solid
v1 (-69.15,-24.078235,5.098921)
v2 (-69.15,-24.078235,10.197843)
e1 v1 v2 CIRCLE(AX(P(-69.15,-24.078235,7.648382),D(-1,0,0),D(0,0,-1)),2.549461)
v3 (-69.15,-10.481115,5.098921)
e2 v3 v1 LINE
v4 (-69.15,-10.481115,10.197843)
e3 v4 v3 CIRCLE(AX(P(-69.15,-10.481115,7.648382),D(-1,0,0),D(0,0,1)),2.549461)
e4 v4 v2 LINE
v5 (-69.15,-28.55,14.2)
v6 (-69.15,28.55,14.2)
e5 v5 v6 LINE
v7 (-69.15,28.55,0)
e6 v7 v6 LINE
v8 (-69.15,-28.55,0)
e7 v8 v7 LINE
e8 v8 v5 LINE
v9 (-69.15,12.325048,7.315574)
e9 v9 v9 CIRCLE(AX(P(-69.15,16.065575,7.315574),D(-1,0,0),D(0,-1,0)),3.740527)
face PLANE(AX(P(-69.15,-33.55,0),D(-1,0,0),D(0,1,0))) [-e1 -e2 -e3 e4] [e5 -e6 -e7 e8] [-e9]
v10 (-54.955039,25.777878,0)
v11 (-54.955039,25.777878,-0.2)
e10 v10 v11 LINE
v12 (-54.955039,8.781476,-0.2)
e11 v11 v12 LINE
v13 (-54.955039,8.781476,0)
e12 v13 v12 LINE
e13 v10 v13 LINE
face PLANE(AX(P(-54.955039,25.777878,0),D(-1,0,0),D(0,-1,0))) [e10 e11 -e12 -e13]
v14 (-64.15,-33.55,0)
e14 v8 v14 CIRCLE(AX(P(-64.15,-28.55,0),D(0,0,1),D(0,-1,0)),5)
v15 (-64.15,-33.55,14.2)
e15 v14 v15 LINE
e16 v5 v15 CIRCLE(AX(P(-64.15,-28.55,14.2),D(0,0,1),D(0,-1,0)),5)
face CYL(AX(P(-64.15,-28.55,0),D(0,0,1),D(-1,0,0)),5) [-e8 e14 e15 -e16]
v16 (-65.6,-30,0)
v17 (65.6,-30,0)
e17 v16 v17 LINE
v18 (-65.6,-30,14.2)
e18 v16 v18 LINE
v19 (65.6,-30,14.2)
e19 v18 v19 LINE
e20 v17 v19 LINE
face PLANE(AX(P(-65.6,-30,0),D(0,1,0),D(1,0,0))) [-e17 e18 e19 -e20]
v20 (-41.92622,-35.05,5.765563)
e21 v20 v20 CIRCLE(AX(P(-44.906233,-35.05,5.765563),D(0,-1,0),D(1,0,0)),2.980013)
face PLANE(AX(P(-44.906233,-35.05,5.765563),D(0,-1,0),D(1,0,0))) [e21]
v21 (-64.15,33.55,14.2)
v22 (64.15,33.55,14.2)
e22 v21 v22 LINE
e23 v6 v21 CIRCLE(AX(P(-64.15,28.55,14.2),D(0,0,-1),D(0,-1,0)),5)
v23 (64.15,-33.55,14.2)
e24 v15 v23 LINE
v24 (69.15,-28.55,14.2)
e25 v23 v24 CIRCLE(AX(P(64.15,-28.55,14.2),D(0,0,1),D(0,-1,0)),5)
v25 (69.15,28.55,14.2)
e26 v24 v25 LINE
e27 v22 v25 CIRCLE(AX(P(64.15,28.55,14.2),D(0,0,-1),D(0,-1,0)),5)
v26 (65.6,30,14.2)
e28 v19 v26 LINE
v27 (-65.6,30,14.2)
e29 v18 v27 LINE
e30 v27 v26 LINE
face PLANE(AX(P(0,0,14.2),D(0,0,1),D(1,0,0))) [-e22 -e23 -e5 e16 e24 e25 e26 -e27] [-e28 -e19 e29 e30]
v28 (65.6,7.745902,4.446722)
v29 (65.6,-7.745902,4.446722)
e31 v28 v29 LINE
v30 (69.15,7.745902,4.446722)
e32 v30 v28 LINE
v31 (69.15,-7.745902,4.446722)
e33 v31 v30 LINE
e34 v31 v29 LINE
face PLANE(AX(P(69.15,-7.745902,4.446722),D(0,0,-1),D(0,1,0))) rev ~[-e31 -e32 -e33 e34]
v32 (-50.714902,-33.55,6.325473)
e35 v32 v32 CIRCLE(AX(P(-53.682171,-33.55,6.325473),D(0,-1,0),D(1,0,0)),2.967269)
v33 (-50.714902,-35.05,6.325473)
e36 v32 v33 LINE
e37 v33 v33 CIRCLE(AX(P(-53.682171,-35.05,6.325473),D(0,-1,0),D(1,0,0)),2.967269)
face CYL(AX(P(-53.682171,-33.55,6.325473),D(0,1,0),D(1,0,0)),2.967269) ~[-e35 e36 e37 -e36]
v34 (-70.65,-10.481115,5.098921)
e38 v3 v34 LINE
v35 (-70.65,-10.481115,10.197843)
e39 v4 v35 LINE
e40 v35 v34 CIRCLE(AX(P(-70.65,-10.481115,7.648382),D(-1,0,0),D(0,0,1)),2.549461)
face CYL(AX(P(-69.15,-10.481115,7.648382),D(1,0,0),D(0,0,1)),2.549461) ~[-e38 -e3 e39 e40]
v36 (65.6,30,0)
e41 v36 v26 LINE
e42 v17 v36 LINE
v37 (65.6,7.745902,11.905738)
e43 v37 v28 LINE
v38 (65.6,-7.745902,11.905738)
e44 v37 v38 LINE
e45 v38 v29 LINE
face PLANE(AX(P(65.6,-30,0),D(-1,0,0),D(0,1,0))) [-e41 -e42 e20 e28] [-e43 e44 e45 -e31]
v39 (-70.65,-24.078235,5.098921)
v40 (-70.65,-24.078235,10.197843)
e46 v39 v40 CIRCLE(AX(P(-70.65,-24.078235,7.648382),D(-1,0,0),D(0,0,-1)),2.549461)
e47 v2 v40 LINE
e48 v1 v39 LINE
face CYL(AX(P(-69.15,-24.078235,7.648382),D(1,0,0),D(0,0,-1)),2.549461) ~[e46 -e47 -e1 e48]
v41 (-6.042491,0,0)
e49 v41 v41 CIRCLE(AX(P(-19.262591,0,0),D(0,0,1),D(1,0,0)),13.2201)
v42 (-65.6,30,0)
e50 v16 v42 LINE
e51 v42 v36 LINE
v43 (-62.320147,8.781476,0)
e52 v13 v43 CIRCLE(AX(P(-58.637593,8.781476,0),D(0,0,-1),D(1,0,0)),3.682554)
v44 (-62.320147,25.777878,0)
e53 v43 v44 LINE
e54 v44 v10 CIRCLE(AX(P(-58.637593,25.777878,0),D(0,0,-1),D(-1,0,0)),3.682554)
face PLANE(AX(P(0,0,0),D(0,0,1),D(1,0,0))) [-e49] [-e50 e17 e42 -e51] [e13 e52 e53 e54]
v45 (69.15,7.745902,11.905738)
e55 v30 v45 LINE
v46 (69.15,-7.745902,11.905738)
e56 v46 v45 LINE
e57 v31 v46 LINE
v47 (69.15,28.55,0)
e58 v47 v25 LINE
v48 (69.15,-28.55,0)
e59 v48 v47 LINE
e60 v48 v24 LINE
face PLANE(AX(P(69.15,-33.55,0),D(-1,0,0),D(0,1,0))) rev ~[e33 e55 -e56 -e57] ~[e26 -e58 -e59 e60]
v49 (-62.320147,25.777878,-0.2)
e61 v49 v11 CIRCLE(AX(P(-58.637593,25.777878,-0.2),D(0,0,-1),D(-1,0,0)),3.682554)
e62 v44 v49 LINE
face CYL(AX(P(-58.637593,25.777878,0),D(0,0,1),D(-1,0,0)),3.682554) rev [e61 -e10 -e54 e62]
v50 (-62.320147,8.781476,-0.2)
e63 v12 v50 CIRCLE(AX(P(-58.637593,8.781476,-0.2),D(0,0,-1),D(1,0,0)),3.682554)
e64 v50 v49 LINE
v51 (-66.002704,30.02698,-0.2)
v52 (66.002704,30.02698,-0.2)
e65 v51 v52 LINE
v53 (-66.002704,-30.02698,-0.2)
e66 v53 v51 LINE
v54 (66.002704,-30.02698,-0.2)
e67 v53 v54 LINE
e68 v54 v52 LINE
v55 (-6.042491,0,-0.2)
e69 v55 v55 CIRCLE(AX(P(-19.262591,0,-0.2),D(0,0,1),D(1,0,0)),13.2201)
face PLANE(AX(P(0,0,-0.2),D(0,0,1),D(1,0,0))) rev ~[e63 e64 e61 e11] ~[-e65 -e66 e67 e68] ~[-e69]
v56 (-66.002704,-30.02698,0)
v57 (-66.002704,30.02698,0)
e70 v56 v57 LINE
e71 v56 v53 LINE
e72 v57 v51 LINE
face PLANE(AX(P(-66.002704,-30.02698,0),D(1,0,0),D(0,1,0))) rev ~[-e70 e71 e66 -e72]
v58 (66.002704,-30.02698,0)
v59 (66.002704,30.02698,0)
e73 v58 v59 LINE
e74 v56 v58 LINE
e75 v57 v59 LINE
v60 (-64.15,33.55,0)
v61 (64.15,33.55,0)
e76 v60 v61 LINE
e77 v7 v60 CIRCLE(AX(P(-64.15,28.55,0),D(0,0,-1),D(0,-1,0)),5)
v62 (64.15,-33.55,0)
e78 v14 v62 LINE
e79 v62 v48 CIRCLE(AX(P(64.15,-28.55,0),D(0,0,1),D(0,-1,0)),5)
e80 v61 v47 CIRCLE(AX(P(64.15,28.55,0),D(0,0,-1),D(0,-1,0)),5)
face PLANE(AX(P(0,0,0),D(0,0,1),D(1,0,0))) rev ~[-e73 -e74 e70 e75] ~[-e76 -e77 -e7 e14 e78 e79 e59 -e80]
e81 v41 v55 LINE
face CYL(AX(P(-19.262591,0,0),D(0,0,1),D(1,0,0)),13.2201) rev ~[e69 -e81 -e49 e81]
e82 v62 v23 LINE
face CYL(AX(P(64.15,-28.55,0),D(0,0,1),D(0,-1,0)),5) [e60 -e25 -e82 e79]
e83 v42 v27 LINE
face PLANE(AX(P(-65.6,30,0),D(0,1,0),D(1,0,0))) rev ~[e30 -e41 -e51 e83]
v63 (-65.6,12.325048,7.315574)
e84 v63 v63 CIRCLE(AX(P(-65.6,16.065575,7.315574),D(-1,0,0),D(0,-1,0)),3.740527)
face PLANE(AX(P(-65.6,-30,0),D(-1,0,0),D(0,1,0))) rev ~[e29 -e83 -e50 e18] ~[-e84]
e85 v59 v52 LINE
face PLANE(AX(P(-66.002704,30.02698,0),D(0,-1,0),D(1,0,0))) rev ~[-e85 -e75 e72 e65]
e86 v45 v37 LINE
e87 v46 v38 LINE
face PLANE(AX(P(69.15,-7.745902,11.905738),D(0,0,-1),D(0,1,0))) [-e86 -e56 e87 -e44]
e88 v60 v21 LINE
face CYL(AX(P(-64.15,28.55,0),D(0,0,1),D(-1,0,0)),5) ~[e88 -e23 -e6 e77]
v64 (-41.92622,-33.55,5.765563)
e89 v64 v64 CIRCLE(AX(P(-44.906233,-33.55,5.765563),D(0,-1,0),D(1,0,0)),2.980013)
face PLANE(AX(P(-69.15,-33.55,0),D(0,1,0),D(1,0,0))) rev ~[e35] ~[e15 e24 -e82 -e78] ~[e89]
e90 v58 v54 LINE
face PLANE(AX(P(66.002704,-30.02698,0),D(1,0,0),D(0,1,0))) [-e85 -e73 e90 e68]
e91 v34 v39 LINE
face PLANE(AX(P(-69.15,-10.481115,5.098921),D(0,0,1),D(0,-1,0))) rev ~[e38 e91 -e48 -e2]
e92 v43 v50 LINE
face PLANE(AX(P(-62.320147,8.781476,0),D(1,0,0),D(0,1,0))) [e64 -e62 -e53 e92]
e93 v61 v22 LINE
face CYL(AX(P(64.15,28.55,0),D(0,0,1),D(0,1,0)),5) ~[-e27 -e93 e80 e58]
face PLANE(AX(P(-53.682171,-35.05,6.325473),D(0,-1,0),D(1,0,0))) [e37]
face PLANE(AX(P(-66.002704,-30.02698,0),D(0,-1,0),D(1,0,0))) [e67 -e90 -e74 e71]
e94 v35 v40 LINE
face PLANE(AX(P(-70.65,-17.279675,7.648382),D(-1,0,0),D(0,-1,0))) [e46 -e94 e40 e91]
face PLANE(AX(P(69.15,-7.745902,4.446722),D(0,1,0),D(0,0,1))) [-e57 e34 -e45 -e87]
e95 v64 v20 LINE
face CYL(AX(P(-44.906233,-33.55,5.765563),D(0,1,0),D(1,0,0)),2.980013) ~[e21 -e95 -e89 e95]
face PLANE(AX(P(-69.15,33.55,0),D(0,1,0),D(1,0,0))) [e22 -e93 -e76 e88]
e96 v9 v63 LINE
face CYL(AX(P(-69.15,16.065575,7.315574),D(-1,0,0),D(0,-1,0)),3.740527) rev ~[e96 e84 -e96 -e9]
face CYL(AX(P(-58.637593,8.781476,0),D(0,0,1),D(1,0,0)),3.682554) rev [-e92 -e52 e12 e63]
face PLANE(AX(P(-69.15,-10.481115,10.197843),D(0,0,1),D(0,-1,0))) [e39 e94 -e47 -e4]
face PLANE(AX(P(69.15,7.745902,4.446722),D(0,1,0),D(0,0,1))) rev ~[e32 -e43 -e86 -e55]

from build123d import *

# Parameters (mm, degrees)
F0_W      = 138.3
F0_H      = 67.1
F0_W_2    = 131.2
F0_H_2    = 60
F1_DEPTH  = 14.2
F2_R      = 5
F3_W      = 132.005408
F3_H      = 60.05396
F3_R      = 13.2201
F4_DEPTH  = 0.2
F5_R      = 2.967269
F5_R_2    = 2.980013
F6_DEPTH  = 1.5
F7_W      = 13.59712
F7_H      = 5.098922
F8_DEPTH  = 1.5
F9_R      = 3.740527
F10_DEPTH = 24
F11_W     = 15.491804
F11_H     = 7.459016
F12_DEPTH = 25


with BuildPart() as f1:
    # F0 (on Top) → F1 (new body)
    with BuildSketch(Plane.XY):
        Rectangle(F0_W, F0_H)
        Rectangle(F0_W_2, F0_H_2, mode=Mode.SUBTRACT)
    extrude(amount=F1_DEPTH)

    # F2
    f2_edges = [f1.edges().sort_by_distance(p)[0] for p in [
        (69.15, 33.55, 7.1),
        (69.15, -33.55, 7.1),
        (-69.15, -33.55, 7.1),
        (-69.15, 33.55, 7.1),
    ]]
    fillet(f2_edges, radius=F2_R)

    # F3 (on Top) → F4 (join)
    with BuildSketch(Plane.XY):
        Rectangle(F3_W, F3_H)
        with Locations((-19.262591, 0)):
            Circle(F3_R, mode=Mode.SUBTRACT)
        with BuildLine():
            ThreePointArc((-62.320147, 25.777878), (-58.637593, 29.460432), (-54.955039, 25.777878))
            Line((-54.955039, 25.777878), (-54.955039, 8.781476))
            ThreePointArc((-54.955039, 8.781476), (-58.637593, 5.098922), (-62.320147, 8.781476))
            Line((-62.320147, 8.781476), (-62.320147, 25.777878))
        make_face(mode=Mode.SUBTRACT)
    extrude(amount=-F4_DEPTH)

    # F5 (on face) → F6 (join)
    with BuildSketch(Plane.XZ.offset(33.55)):
        with Locations((-53.682171, 6.325473)):
            Circle(F5_R)
        with Locations((-44.906233, 5.765563)):
            Circle(F5_R_2)
    extrude(amount=F6_DEPTH)

    # F7 (on face) → F8 (join)
    with BuildSketch(Plane(origin=(-69.15, 0, 0), x_dir=(0, -1, 0), z_dir=(-1, 0, 0))):
        with Locations((17.279675, 7.648382)):
            Rectangle(F7_W, F7_H)
        with BuildLine():
            Line((24.078235, 10.197843), (24.078235, 5.098921))
            ThreePointArc((24.078235, 5.098921), (26.627696, 7.648382), (24.078235, 10.197843))
        make_face()
        with BuildLine():
            ThreePointArc((10.481115, 10.197843), (7.931654, 7.648382), (10.481115, 5.098921))
            Line((10.481115, 5.098921), (10.481115, 10.197843))
        make_face()
    extrude(amount=F8_DEPTH)

    # F9 (on face) → F10 (cut)
    with BuildSketch(Plane(origin=(-69.15, 0, 0), x_dir=(0, -1, 0), z_dir=(-1, 0, 0))):
        with Locations((-16.065575, 7.315574)):
            Circle(F9_R)
    extrude(amount=-F10_DEPTH, mode=Mode.SUBTRACT)

    # F11 (on face) → F12 (cut)
    with BuildSketch(Plane.YZ.offset(69.15)):
        with Locations((0, 8.17623)):
            Rectangle(F11_W, F11_H)
    extrude(amount=-F12_DEPTH, mode=Mode.SUBTRACT)


solid = f1.part
